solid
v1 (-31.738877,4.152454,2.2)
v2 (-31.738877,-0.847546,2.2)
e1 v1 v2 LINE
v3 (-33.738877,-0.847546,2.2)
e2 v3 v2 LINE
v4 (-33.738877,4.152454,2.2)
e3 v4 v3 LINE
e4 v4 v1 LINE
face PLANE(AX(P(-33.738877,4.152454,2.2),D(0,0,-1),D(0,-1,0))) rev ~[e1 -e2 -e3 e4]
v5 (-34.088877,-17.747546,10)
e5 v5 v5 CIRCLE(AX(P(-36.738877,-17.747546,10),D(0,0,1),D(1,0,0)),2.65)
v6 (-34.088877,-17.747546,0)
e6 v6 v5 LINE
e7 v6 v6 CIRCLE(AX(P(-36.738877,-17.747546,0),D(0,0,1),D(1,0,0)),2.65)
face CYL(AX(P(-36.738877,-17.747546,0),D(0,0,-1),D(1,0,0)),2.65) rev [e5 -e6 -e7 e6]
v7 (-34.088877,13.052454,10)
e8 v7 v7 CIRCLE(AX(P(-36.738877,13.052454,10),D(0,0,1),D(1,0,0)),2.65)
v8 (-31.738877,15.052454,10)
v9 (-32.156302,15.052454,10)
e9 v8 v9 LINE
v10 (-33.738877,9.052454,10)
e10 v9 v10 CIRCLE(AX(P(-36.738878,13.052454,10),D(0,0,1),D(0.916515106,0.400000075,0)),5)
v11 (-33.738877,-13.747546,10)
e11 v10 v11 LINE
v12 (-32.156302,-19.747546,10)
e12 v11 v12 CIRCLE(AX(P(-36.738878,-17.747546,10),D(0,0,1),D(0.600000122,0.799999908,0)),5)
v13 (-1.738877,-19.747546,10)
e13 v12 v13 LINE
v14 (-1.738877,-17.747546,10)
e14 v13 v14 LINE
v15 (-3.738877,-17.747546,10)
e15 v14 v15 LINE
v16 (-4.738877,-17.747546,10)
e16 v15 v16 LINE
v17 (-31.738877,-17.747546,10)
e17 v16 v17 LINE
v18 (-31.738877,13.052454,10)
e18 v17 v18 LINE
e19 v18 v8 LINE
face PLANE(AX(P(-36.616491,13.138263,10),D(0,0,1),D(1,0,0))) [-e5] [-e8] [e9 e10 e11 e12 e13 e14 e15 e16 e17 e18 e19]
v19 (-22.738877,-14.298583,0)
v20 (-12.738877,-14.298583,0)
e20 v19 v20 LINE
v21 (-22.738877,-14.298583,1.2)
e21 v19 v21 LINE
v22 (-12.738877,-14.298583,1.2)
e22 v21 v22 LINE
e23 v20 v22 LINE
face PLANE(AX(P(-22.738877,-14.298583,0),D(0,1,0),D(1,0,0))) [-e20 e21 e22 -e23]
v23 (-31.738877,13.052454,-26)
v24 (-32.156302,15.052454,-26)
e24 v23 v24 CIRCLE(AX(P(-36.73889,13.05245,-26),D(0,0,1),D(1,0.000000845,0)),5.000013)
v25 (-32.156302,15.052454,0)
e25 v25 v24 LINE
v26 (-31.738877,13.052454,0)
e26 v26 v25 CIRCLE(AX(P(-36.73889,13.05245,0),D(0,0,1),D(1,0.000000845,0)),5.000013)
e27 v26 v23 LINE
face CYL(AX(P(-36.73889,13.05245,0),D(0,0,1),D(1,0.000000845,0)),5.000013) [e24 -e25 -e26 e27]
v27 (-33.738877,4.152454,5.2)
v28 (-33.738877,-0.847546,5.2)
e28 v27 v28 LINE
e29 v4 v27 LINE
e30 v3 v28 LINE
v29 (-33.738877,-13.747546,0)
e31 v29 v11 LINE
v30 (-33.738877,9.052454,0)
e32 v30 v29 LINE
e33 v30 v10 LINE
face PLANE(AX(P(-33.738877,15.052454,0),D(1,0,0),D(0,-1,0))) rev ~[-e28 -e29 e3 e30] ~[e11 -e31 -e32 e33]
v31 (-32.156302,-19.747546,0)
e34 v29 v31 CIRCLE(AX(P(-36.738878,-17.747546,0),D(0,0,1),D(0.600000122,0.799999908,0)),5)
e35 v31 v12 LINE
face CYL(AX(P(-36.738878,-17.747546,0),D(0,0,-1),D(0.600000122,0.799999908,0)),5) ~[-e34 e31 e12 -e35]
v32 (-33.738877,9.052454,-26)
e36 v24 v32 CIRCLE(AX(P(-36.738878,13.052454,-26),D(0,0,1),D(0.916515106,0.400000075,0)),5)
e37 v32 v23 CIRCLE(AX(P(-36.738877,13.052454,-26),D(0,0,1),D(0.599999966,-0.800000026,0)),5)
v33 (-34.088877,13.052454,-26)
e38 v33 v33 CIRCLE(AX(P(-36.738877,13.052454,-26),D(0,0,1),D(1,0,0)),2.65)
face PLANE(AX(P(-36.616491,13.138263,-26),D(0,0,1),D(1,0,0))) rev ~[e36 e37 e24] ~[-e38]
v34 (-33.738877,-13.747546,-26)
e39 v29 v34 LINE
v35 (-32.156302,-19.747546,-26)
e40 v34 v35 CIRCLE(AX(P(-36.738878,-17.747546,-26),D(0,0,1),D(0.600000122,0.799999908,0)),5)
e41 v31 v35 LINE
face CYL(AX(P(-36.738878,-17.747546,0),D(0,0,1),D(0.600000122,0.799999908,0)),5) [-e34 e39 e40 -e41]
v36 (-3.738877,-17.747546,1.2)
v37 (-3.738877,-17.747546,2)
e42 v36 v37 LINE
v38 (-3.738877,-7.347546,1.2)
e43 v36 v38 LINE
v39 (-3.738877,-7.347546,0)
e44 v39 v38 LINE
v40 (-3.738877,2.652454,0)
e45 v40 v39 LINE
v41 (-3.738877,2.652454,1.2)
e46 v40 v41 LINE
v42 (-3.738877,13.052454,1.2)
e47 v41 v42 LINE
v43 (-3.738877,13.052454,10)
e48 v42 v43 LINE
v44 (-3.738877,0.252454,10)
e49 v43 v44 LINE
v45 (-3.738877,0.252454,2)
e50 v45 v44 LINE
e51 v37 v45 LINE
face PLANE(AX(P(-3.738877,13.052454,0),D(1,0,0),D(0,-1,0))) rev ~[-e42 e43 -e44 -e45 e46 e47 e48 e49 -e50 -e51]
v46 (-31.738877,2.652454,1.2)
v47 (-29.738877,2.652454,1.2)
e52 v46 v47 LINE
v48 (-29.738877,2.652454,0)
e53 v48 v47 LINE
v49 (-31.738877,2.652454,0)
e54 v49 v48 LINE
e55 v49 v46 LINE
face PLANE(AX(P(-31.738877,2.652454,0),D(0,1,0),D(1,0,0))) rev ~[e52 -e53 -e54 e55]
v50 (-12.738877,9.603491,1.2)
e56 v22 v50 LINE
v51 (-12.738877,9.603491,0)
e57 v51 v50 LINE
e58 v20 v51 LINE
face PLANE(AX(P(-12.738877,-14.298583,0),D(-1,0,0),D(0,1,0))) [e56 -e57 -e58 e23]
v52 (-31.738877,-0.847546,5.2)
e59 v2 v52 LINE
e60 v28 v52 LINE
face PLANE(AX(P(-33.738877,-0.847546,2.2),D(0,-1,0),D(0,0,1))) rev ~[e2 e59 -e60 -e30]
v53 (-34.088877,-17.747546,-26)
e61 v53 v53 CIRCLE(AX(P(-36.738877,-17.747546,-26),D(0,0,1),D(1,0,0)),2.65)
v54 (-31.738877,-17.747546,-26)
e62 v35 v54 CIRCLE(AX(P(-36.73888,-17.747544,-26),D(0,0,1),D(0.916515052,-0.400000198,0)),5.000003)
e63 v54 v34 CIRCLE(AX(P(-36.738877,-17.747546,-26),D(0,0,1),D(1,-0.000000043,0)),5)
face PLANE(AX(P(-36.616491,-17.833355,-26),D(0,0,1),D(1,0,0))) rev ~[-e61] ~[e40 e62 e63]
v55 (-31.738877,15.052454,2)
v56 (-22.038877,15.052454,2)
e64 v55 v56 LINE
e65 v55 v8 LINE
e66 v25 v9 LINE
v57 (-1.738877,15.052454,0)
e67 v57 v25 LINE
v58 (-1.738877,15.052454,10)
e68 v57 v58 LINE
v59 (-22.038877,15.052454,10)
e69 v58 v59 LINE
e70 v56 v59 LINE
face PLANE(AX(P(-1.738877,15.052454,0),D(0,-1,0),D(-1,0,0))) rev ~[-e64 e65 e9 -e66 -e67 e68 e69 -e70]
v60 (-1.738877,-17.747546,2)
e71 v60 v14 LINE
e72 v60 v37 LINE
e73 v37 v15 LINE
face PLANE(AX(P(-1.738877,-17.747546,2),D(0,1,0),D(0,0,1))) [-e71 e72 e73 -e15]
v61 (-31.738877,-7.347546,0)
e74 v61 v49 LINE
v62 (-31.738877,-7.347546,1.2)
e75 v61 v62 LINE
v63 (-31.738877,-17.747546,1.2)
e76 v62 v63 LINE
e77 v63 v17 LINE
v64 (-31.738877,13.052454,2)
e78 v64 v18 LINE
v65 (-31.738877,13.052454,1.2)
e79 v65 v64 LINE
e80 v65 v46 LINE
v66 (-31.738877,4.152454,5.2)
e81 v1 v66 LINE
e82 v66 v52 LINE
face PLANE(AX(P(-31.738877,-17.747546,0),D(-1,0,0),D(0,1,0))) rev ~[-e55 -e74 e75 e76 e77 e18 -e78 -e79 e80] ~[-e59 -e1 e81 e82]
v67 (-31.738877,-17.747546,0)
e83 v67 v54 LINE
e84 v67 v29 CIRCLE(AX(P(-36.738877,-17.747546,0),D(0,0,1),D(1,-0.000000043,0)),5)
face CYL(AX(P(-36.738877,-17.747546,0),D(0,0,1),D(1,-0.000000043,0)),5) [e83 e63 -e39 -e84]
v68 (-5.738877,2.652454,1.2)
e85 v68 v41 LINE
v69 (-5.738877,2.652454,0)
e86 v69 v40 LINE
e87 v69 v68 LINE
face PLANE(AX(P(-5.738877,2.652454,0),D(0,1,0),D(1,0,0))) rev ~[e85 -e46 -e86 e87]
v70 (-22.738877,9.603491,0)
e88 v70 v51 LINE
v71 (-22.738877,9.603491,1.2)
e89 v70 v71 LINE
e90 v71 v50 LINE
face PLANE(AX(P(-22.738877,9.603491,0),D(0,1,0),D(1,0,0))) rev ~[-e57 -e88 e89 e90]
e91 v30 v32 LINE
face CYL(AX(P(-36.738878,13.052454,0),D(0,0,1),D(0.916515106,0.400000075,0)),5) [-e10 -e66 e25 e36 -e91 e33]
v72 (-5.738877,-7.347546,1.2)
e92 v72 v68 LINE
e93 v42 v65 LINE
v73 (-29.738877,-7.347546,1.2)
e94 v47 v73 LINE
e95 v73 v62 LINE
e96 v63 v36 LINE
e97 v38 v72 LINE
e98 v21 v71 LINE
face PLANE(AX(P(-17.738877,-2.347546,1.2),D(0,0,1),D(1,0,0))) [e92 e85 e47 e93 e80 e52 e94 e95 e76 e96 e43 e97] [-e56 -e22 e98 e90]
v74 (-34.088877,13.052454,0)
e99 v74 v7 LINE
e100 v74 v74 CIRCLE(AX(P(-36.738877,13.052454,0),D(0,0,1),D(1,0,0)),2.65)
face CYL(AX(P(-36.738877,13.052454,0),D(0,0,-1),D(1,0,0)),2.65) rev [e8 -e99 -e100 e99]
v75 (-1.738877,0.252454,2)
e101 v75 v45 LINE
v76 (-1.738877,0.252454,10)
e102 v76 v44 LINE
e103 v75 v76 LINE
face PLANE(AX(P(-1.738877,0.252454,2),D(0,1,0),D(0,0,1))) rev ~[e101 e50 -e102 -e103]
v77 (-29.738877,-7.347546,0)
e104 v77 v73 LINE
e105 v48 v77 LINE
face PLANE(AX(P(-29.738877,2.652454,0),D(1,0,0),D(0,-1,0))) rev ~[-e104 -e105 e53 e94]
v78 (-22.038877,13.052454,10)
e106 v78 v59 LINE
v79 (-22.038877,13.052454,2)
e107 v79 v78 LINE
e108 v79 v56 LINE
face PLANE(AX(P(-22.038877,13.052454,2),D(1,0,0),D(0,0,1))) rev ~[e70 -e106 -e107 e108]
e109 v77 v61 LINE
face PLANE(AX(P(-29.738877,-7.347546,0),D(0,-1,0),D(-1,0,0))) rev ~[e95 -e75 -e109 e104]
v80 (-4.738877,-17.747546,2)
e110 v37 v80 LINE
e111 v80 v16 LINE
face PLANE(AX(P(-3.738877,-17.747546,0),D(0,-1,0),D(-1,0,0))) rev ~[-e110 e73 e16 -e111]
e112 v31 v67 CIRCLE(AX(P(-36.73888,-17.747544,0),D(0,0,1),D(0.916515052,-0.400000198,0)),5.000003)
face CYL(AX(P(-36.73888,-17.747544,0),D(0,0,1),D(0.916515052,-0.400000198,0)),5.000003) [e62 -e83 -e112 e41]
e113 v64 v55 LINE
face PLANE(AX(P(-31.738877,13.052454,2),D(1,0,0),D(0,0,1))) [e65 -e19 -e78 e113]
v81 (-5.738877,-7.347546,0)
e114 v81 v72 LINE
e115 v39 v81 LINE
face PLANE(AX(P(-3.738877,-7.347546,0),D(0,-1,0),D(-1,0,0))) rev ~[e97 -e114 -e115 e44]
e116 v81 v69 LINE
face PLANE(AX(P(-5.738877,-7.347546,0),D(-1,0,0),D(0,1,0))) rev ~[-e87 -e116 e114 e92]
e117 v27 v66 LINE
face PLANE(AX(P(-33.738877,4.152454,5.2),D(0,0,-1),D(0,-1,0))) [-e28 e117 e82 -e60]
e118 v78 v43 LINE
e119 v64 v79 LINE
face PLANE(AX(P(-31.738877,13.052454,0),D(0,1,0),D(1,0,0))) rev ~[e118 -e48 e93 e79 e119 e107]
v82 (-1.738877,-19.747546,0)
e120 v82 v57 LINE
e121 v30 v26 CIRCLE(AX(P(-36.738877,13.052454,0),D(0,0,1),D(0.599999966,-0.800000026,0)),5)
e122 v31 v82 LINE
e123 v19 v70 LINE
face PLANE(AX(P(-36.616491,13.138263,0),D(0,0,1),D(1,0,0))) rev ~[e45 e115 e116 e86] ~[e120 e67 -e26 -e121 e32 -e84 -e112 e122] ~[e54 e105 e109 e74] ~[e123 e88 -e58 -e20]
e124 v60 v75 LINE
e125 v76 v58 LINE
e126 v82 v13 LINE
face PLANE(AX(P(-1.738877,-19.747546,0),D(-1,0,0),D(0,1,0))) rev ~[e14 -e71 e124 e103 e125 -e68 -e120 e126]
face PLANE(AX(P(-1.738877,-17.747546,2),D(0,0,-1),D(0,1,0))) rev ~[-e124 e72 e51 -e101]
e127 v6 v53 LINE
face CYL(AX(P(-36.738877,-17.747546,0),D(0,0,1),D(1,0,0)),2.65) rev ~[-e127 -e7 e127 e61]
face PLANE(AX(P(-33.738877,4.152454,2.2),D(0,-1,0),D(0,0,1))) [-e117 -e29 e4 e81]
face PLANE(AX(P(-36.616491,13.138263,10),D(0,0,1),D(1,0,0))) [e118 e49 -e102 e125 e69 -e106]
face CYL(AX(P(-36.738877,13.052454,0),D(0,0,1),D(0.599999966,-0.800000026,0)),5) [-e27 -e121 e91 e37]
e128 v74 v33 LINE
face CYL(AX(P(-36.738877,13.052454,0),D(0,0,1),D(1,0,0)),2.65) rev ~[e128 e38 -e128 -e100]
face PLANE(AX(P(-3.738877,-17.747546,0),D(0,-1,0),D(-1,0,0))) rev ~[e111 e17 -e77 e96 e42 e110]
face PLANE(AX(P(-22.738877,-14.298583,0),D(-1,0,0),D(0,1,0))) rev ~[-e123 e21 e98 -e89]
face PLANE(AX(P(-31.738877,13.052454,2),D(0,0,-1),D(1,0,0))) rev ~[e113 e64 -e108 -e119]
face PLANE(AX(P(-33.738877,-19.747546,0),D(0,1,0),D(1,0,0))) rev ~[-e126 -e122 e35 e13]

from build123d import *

# Parameters (mm, degrees)
F0_W      = 10
F0_H      = 23.902074
F1_DEPTH  = 1.2
F2_DEPTH  = 10
F0_R      = 2.65
F3_DEPTH  = 10
F4_DEPTH  = 26
F5_W      = 18
F5_H      = 8
F6_DEPTH  = 3
F7_W      = 9.7
F7_H      = 8
F8_DEPTH  = 25
F9_W      = 5
F9_H      = 3
F10_DEPTH = 4


with BuildPart() as f1:
    # F0 (on Top) → F1 (new body)
    with BuildSketch(Plane.XY):
        Polygon((-31.738877, -7.347546), (-31.738877, -17.747546), (-3.738877, -17.747546), (-3.738877, -7.347546), (-5.738877, -7.347546), (-5.738877, 2.652454), (-3.738877, 2.652454), (-3.738877, 13.052454), (-31.738877, 13.052454), (-31.738877, 2.652454), (-29.738877, 2.652454), (-29.738877, -7.347546), align=None)
        with Locations((-17.738877, -2.347546)):
            Rectangle(F0_W, F0_H, mode=Mode.SUBTRACT)
    extrude(amount=F1_DEPTH)

    # F0 (on Top) → F2 (join)
    with BuildSketch(Plane.XY):
        with BuildLine():
            Line((-3.738877, -17.747546), (-31.738877, -17.747546))
            ThreePointArc((-31.738877, -17.747546), (-31.844346, -18.769095), (-32.156302, -19.747546))
            Line((-32.156302, -19.747546), (-1.738877, -19.747546))
            Line((-1.738877, -19.747546), (-1.738877, 15.052454))
            Line((-1.738877, 15.052454), (-32.156302, 15.052454))
            ThreePointArc((-32.156302, 15.052454), (-31.844346, 14.074002), (-31.738877, 13.052454))
            Line((-31.738877, 13.052454), (-3.738877, 13.052454))
            Line((-3.738877, 13.052454), (-3.738877, 2.652454))
            Line((-3.738877, 2.652454), (-3.738877, -7.347546))
            Line((-3.738877, -7.347546), (-3.738877, -17.747546))
        make_face()
        with BuildLine():
            ThreePointArc((-33.738877, -13.747546), (-32.266741, -15.511478), (-31.738877, -17.747546))
            Line((-31.738877, -17.747546), (-31.738877, -7.347546))
            Line((-31.738877, -7.347546), (-31.738877, 2.652454))
            Line((-31.738877, 2.652454), (-31.738877, 13.052454))
            ThreePointArc((-31.738877, 13.052454), (-32.266741, 10.816386), (-33.738877, 9.052454))
            Line((-33.738877, 9.052454), (-33.738877, -13.747546))
        make_face()
        with BuildLine():
            Line((-33.738877, 15.052454), (-33.738877, 9.052454))
            ThreePointArc((-33.738877, 9.052454), (-32.266741, 10.816386), (-31.738877, 13.052454))
            ThreePointArc((-31.738877, 13.052454), (-31.844346, 14.074002), (-32.156302, 15.052454))
            Line((-32.156302, 15.052454), (-33.738877, 15.052454))
        make_face()
        with BuildLine():
            ThreePointArc((-32.156302, -19.747546), (-31.844346, -18.769095), (-31.738877, -17.747546))
            ThreePointArc((-31.738877, -17.747546), (-32.266741, -15.511478), (-33.738877, -13.747546))
            Line((-33.738877, -13.747546), (-33.738877, -19.747546))
            Line((-33.738877, -19.747546), (-32.156302, -19.747546))
        make_face()
    extrude(amount=F2_DEPTH)

    # F0 (on Top) → F3 (join)
    with BuildSketch(Plane.XY):
        with BuildLine():
            ThreePointArc((-32.156302, 15.052454), (-41.57353, 14.327654), (-33.738877, 9.052454))
            Line((-33.738877, 9.052454), (-33.738877, 15.052454))
            Line((-33.738877, 15.052454), (-32.156302, 15.052454))
        make_face()
        with Locations((-36.738877, 13.052454)):
            Circle(F0_R, mode=Mode.SUBTRACT)
        with BuildLine():
            Line((-33.738877, -19.747546), (-33.738877, -13.747546))
            ThreePointArc((-33.738877, -13.747546), (-41.57353, -19.022747), (-32.156302, -19.747546))
            Line((-32.156302, -19.747546), (-33.738877, -19.747546))
        make_face()
        with Locations((-36.738877, -17.747546)):
            Circle(F0_R, mode=Mode.SUBTRACT)
    extrude(amount=F3_DEPTH)

    # F0 (on Top) → F4 (join)
    with BuildSketch(Plane.XY):
        with BuildLine():
            ThreePointArc((-32.156302, 15.052454), (-41.57353, 14.327654), (-33.738877, 9.052454))
            Line((-33.738877, 9.052454), (-33.738877, 15.052454))
            Line((-33.738877, 15.052454), (-32.156302, 15.052454))
        make_face()
        with Locations((-36.738877, 13.052454)):
            Circle(F0_R, mode=Mode.SUBTRACT)
        with BuildLine():
            Line((-33.738877, 15.052454), (-33.738877, 9.052454))
            ThreePointArc((-33.738877, 9.052454), (-32.266741, 10.816386), (-31.738877, 13.052454))
            ThreePointArc((-31.738877, 13.052454), (-31.844346, 14.074002), (-32.156302, 15.052454))
            Line((-32.156302, 15.052454), (-33.738877, 15.052454))
        make_face()
        with BuildLine():
            Line((-33.738877, -19.747546), (-33.738877, -13.747546))
            ThreePointArc((-33.738877, -13.747546), (-41.57353, -19.022747), (-32.156302, -19.747546))
            Line((-32.156302, -19.747546), (-33.738877, -19.747546))
        make_face()
        with Locations((-36.738877, -17.747546)):
            Circle(F0_R, mode=Mode.SUBTRACT)
        with BuildLine():
            ThreePointArc((-32.156302, -19.747546), (-31.844346, -18.769095), (-31.738877, -17.747546))
            ThreePointArc((-31.738877, -17.747546), (-32.266741, -15.511478), (-33.738877, -13.747546))
            Line((-33.738877, -13.747546), (-33.738877, -19.747546))
            Line((-33.738877, -19.747546), (-32.156302, -19.747546))
        make_face()
    extrude(amount=-F4_DEPTH)

    # F5 (on face) → F6 (cut)
    with BuildSketch(Plane.YZ.offset(-1.738877)):
        with Locations((-8.747546, 6)):
            Rectangle(F5_W, F5_H)
    extrude(amount=-F6_DEPTH, mode=Mode.SUBTRACT)

    # F7 (on face) → F8 (cut)
    with BuildSketch(Plane.XZ.offset(-13.052454)):
        with Locations((-26.888877, 6)):
            Rectangle(F7_W, F7_H)
    extrude(amount=-F8_DEPTH, mode=Mode.SUBTRACT)

    # F9 (on face) → F10 (cut)
    with BuildSketch(Plane(origin=(-33.738877, 0, 0), x_dir=(0, -1, 0), z_dir=(-1, 0, 0))):
        with Locations((-1.652454, 3.7)):
            Rectangle(F9_W, F9_H)
    extrude(amount=-F10_DEPTH, mode=Mode.SUBTRACT)


solid = f1.part
